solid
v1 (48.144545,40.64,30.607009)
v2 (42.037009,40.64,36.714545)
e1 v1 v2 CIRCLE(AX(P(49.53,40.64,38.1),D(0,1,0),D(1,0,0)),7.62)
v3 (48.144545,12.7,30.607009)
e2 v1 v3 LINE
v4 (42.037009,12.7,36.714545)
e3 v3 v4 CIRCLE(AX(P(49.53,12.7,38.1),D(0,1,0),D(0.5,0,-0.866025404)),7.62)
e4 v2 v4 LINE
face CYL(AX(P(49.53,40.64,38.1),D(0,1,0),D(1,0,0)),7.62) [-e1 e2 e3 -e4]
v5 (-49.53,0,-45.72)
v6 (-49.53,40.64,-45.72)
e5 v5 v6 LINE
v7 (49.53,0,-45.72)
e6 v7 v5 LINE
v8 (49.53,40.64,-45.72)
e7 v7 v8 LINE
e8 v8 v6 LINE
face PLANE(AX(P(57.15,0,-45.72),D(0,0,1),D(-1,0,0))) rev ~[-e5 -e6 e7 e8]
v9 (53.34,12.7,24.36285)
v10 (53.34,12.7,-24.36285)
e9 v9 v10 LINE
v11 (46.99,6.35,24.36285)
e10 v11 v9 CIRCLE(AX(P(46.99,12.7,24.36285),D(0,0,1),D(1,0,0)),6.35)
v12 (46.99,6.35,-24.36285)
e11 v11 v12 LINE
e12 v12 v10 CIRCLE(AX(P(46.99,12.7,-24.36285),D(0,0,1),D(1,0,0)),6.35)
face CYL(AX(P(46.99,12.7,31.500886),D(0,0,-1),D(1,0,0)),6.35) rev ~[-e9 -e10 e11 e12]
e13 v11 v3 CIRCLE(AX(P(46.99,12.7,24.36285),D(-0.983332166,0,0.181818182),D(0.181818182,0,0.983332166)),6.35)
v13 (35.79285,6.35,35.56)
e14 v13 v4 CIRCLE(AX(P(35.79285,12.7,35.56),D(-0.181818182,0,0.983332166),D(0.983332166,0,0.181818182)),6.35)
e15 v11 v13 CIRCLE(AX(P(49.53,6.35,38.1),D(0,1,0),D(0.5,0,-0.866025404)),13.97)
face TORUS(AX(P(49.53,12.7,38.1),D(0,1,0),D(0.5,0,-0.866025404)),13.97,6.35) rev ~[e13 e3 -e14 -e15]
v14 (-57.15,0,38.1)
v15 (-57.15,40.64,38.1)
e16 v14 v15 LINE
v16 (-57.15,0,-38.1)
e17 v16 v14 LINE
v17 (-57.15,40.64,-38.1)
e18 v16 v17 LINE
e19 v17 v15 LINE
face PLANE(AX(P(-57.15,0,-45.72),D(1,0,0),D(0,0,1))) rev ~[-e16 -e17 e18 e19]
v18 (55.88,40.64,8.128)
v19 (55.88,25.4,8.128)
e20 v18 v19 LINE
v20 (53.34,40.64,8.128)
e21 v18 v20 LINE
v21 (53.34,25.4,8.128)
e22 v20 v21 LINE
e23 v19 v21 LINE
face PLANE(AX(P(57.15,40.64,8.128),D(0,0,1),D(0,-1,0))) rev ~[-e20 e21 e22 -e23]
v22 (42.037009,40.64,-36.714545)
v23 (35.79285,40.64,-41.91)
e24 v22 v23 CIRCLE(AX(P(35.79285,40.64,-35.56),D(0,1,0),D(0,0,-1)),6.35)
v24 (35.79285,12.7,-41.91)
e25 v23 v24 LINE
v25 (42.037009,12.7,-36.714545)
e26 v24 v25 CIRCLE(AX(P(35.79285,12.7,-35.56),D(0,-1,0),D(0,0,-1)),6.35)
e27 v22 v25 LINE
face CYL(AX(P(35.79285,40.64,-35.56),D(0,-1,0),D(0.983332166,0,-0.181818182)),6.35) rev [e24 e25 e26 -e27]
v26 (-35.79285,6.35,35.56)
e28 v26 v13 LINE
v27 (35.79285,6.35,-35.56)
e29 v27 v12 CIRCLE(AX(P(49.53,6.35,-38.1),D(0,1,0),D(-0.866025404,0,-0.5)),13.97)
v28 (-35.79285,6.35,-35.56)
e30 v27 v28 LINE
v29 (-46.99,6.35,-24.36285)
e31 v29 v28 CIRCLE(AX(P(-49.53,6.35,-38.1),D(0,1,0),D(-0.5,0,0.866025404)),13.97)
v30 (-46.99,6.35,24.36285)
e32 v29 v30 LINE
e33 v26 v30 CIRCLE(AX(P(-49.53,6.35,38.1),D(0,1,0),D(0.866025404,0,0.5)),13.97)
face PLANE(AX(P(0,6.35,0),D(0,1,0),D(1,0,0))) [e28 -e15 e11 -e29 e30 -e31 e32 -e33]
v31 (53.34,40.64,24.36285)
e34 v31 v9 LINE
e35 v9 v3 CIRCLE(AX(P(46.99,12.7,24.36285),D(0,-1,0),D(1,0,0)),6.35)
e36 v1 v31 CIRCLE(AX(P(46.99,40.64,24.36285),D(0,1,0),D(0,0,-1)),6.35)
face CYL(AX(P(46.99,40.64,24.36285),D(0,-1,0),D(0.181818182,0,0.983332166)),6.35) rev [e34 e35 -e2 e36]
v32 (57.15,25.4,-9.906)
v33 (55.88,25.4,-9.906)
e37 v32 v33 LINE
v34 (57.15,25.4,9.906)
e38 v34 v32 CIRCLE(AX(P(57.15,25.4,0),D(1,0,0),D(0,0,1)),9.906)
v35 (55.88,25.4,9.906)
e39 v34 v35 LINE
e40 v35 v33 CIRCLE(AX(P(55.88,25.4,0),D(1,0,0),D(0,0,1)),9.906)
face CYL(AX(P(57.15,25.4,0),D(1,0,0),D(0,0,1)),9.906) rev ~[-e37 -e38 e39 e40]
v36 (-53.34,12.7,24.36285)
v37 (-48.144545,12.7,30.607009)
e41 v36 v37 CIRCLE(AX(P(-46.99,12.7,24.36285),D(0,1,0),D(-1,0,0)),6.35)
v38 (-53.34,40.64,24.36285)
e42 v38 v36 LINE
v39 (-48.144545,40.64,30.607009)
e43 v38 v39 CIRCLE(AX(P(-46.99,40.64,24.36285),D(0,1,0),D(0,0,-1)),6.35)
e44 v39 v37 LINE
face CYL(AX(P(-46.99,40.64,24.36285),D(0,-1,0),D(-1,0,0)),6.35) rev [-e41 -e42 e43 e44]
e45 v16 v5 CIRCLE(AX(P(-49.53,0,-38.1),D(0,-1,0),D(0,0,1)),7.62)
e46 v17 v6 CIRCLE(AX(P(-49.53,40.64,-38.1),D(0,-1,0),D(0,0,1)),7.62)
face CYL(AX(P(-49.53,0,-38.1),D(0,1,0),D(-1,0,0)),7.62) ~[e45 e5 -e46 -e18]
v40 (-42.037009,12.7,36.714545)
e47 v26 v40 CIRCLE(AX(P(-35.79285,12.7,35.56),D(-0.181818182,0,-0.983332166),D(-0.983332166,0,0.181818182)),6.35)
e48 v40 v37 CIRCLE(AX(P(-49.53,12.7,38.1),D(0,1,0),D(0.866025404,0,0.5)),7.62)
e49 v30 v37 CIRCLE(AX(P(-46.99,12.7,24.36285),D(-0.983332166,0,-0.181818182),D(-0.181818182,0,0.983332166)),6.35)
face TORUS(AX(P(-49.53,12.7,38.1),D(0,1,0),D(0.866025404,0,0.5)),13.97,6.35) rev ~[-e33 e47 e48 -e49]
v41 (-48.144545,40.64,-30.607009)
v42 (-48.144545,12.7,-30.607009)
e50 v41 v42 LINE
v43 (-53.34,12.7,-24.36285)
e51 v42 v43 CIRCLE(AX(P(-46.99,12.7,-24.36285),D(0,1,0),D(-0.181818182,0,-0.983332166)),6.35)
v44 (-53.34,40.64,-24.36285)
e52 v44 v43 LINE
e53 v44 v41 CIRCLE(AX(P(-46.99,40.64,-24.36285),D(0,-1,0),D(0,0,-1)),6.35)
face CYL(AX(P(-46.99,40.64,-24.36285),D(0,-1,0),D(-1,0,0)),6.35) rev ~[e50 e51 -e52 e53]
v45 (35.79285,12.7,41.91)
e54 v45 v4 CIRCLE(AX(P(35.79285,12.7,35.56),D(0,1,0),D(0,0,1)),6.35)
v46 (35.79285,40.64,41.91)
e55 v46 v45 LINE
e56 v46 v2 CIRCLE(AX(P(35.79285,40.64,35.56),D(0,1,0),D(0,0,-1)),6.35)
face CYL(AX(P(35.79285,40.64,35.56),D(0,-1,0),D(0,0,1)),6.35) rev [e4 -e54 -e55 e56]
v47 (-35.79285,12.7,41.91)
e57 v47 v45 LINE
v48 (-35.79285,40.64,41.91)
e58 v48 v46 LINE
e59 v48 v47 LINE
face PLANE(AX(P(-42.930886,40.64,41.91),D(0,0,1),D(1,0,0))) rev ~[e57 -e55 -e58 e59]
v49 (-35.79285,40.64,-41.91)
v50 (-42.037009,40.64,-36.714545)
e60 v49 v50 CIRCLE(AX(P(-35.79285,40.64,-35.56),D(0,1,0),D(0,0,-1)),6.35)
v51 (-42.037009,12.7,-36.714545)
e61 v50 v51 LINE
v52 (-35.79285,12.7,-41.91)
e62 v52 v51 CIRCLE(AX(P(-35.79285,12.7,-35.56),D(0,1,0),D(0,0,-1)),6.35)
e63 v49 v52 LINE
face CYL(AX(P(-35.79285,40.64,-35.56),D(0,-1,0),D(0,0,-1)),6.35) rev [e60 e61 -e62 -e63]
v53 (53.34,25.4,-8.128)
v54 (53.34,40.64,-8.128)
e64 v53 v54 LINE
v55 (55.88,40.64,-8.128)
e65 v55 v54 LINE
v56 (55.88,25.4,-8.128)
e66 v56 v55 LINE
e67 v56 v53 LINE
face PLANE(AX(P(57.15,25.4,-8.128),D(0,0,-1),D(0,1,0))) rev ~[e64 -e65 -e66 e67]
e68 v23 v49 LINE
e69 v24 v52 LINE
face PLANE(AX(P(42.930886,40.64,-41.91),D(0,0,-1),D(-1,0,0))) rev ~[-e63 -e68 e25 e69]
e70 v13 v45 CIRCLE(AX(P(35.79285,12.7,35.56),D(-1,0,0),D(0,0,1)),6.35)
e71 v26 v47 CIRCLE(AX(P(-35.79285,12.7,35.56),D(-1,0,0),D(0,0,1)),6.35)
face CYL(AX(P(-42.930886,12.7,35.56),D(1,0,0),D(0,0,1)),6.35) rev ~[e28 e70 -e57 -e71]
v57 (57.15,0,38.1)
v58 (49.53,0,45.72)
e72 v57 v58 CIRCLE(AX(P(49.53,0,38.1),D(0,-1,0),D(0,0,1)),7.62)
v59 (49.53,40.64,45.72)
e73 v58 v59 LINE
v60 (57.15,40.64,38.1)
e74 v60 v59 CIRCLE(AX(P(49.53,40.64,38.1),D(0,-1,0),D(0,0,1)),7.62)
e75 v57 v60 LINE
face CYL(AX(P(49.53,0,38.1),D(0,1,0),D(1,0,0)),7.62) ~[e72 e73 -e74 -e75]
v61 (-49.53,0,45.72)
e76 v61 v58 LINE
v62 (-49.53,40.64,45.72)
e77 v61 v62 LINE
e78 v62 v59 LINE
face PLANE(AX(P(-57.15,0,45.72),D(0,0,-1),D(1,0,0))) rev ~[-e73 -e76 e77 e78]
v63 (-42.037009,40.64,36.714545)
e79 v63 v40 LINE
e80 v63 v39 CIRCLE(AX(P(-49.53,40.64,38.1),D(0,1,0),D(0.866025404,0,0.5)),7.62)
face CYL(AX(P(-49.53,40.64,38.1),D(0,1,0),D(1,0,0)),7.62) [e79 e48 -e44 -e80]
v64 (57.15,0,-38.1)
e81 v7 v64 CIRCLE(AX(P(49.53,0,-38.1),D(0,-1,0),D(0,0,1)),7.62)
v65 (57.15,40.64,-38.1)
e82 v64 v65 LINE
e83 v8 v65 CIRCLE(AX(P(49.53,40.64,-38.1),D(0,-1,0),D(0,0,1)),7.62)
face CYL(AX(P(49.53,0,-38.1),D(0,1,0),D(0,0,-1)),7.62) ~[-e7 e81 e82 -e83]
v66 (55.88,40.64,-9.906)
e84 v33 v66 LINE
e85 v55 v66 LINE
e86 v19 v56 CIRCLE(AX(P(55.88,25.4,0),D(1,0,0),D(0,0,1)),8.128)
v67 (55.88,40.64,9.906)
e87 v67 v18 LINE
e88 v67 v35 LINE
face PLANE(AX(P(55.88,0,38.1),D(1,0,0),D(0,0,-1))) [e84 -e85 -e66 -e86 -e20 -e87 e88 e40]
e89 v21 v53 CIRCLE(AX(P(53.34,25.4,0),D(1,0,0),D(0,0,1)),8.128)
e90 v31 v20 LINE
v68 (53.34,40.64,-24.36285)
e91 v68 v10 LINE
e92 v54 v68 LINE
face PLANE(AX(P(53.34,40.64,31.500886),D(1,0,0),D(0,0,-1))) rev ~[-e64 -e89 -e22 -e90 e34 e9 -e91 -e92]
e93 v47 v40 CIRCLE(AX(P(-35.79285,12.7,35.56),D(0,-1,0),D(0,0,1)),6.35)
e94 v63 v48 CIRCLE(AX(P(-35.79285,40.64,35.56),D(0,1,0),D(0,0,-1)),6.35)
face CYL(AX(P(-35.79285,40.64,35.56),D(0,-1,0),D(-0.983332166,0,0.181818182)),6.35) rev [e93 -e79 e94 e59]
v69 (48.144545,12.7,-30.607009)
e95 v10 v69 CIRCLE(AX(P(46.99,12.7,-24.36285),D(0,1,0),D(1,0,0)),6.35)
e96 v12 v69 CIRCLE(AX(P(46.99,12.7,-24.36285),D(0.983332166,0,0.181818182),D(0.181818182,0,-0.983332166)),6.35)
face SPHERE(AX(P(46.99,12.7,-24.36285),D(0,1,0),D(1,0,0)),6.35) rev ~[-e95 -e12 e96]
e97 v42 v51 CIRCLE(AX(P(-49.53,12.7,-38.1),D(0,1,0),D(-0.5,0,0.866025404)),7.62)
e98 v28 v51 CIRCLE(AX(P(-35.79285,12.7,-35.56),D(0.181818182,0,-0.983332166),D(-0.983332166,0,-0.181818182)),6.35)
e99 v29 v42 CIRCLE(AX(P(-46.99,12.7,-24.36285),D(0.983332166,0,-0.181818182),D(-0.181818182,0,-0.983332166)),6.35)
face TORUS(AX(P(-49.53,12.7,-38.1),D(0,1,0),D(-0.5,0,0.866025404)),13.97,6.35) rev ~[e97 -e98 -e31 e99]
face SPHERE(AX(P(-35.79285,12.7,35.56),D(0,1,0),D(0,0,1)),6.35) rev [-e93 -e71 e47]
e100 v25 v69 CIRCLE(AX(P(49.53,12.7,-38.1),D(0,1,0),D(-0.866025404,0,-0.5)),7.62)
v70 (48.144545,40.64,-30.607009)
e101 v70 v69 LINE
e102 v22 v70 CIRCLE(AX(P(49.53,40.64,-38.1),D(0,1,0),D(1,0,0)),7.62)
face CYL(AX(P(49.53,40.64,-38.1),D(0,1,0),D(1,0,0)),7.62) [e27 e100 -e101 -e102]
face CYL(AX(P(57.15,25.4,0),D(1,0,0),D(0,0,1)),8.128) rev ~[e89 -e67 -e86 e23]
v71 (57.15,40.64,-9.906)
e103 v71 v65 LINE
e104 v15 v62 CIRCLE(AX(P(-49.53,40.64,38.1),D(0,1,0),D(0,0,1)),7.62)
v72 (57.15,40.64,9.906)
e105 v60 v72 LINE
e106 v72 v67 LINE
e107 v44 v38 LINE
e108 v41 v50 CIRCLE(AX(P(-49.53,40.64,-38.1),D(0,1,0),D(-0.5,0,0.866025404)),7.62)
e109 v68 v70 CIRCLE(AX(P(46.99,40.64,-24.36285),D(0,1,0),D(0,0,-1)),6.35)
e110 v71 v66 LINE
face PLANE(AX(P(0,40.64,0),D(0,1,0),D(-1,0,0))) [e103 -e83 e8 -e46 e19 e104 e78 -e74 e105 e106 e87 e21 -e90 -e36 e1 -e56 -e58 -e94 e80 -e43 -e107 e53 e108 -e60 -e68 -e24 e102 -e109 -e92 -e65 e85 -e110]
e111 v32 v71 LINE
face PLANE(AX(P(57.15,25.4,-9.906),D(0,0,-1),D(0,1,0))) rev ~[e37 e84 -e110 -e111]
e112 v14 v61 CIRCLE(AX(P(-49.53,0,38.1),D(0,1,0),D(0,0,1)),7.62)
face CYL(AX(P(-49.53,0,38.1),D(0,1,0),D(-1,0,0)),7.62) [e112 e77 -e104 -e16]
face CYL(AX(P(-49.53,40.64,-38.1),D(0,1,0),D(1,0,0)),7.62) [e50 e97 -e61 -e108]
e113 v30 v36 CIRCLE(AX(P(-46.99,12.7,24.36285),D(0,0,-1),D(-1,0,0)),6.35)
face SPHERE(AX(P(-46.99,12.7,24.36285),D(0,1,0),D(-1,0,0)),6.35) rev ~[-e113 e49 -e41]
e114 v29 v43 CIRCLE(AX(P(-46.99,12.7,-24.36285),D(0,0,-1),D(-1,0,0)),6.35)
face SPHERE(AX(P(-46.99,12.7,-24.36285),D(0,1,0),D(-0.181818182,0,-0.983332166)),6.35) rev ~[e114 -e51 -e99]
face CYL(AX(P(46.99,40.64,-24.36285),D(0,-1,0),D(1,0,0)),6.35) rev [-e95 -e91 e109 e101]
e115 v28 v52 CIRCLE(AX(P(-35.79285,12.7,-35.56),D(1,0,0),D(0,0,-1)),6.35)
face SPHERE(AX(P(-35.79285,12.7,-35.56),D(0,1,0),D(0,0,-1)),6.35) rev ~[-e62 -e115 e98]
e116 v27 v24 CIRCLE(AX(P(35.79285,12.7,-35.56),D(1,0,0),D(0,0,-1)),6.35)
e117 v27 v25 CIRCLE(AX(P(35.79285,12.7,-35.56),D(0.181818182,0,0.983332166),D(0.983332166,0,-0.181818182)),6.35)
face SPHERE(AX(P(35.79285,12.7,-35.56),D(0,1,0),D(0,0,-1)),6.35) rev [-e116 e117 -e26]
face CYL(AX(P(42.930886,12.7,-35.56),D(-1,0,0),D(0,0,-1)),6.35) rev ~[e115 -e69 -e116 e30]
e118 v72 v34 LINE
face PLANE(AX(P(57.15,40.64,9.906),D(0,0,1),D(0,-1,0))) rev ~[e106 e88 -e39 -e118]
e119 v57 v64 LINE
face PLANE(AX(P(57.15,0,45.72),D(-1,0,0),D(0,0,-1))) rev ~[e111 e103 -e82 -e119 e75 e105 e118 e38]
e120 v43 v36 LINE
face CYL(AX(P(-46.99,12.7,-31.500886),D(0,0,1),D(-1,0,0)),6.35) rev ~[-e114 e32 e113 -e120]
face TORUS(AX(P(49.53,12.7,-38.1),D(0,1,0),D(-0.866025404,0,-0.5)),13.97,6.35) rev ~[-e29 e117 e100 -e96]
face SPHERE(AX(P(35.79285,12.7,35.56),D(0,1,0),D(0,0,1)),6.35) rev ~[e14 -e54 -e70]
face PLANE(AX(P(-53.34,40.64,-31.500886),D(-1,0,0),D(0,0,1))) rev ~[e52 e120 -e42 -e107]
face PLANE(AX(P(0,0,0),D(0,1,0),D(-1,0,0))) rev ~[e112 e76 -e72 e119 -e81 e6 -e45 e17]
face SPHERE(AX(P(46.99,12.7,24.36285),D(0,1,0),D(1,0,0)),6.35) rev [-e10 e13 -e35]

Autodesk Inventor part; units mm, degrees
ref_plane "YZ Plane" through (0, 0, 0) normal (1, 0, 0) x (0, 1, 0)
ref_plane "XZ Plane" through (0, 0, 0) normal (0, 1, 0) x (-1, 0, 0)
ref_plane "XY Plane" through (0, 0, 0) normal (0, 0, 1) x (1, 0, 0)
sketch "Sketch1" plane through (0, 0, 0) normal (0, 1, 0) x (-1, 0, 0)
  line L0 (57.15, 45.72) -> (-57.15, 45.72)
  line L1 (-57.15, 45.72) -> (-57.15, -45.72)
  line L2 (-57.15, -45.72) -> (57.15, -45.72)
  line L3 (57.15, -45.72) -> (57.15, 45.72)
  point P0 (0, 0)
  point P1 (-57.15, 0)
  point P2 (0, -45.72)
  dimension "d0" = 114.3
  dimension "d1" = 91.44
extrude "Extrusion1" add sketch "Sketch1" along normal blind 40.64
fillet "Fillet1" radius 7.62 4 edges at (-57.15, 20.32, 45.72) (57.15, 20.32, 45.72) (-57.15, 20.32, -45.72) (57.15, 20.32, -45.72)
sketch "Sketch2" plane through (0, 40.64, 0) normal (0, 1, 0) x (1, 0, 0)
  arc A0 (-57.15, -38.1) -> (-49.53, -45.72) centre (-49.53, -38.1) ccw projected
  line L0 (-57.15, 38.1) -> (-57.15, -38.1) projected
  circle A1 centre (-49.53, -38.1) radius 7.62
  arc A2 (-49.53, 45.72) -> (-57.15, 38.1) centre (-49.53, 38.1) ccw projected
  circle A3 centre (-49.53, 38.1) radius 7.62
  arc A4 (57.15, 38.1) -> (49.53, 45.72) centre (49.53, 38.1) ccw projected
  line L1 (49.53, 45.72) -> (-49.53, 45.72) projected
  circle A5 centre (49.53, 38.1) radius 7.62
  arc A6 (49.53, -45.72) -> (57.15, -38.1) centre (49.53, -38.1) ccw projected
  circle A7 centre (49.53, -38.1) radius 7.62
  line L2 (-53.34, -41.91) -> (53.34, -41.91)
  line L3 (53.34, -41.91) -> (53.34, 41.91)
  line L4 (53.34, 41.91) -> (-53.34, 41.91)
  line L5 (-53.34, 41.91) -> (-53.34, -41.91)
  point P0 (0, 0)
  point P1 (-53.34, 0)
  point P2 (0, 41.91)
  point P3 (-53.34, 31.5009)
  point P4 (-53.34, -31.5009)
  point P5 (-42.9309, -41.91)
  point P6 (42.9309, -41.91)
  point P7 (53.34, -31.5009)
  point P8 (53.34, 31.5009)
  point P9 (42.9309, 41.91)
  point P10 (-42.9309, 41.91)
  dimension "d5" = 3.81
  dimension "d6" = 3.81
extrude "Extrusion2" cut sketch "Sketch2" against normal blind 34.29 contours L5 A3 L4 A5 L3 A7 L2 A1
fillet "Fillet2" radius 6.35 16 edges at (-42.9309, 23.495, 41.91) (-53.34, 23.495, 31.5009) (0, 6.35, 41.91) (-53.34, 6.35, 0) (-53.34, 23.495, -31.5009) (-44.1418, 6.35, -32.7118) (-42.9309, 23.495, -41.91) (-44.1418, 6.35, 32.7118) (44.1418, 6.35, 32.7118) (42.9309, 23.495, 41.91) (53.34, 23.495, 31.5009) (53.34, 6.35, 0) (44.1418, 6.35, -32.7118) (53.34, 23.495, -31.5009) (42.9309, 23.495, -41.91) (0, 6.35, -41.91)
sketch "Sketch3" plane through (57.15, 0, 38.1) normal (1, 0, 0) x (0, 0, -1)
  line L0 (13.7372, 40.64) -> (62.4628, 40.64) projected
  line L1 (29.972, 40.64) -> (29.972, 25.4)
  arc A0 (29.972, 25.4) -> (46.228, 25.4) centre (38.1, 25.4) ccw
  line L2 (46.228, 25.4) -> (46.228, 40.64)
  line L3 (28.194, 40.64) -> (28.194, 25.4)
  arc A1 (28.194, 25.4) -> (48.006, 25.4) centre (38.1, 25.4) ccw
  line L4 (48.006, 25.4) -> (48.006, 40.64)
  point P0 (38.1, 0)
  point P1 (38.1, 40.64)
  point P2 (28.194, 40.64)
  dimension "d10" = 15.24
  dimension "d11" = 8.128
  dimension "d12" = 1.778
extrude "Extrusion3" cut sketch "Sketch3" against normal up to surface (3.81 mm away) contours L0 L2 A0 L1
extrude "Extrusion4" cut sketch "Sketch3" against normal blind 1.27 contours L0 L1 A0 L2 L4 A1 L3
equation "\"d6\" = d5"
properties part number "Machined Base" material "Steel, Mild"
